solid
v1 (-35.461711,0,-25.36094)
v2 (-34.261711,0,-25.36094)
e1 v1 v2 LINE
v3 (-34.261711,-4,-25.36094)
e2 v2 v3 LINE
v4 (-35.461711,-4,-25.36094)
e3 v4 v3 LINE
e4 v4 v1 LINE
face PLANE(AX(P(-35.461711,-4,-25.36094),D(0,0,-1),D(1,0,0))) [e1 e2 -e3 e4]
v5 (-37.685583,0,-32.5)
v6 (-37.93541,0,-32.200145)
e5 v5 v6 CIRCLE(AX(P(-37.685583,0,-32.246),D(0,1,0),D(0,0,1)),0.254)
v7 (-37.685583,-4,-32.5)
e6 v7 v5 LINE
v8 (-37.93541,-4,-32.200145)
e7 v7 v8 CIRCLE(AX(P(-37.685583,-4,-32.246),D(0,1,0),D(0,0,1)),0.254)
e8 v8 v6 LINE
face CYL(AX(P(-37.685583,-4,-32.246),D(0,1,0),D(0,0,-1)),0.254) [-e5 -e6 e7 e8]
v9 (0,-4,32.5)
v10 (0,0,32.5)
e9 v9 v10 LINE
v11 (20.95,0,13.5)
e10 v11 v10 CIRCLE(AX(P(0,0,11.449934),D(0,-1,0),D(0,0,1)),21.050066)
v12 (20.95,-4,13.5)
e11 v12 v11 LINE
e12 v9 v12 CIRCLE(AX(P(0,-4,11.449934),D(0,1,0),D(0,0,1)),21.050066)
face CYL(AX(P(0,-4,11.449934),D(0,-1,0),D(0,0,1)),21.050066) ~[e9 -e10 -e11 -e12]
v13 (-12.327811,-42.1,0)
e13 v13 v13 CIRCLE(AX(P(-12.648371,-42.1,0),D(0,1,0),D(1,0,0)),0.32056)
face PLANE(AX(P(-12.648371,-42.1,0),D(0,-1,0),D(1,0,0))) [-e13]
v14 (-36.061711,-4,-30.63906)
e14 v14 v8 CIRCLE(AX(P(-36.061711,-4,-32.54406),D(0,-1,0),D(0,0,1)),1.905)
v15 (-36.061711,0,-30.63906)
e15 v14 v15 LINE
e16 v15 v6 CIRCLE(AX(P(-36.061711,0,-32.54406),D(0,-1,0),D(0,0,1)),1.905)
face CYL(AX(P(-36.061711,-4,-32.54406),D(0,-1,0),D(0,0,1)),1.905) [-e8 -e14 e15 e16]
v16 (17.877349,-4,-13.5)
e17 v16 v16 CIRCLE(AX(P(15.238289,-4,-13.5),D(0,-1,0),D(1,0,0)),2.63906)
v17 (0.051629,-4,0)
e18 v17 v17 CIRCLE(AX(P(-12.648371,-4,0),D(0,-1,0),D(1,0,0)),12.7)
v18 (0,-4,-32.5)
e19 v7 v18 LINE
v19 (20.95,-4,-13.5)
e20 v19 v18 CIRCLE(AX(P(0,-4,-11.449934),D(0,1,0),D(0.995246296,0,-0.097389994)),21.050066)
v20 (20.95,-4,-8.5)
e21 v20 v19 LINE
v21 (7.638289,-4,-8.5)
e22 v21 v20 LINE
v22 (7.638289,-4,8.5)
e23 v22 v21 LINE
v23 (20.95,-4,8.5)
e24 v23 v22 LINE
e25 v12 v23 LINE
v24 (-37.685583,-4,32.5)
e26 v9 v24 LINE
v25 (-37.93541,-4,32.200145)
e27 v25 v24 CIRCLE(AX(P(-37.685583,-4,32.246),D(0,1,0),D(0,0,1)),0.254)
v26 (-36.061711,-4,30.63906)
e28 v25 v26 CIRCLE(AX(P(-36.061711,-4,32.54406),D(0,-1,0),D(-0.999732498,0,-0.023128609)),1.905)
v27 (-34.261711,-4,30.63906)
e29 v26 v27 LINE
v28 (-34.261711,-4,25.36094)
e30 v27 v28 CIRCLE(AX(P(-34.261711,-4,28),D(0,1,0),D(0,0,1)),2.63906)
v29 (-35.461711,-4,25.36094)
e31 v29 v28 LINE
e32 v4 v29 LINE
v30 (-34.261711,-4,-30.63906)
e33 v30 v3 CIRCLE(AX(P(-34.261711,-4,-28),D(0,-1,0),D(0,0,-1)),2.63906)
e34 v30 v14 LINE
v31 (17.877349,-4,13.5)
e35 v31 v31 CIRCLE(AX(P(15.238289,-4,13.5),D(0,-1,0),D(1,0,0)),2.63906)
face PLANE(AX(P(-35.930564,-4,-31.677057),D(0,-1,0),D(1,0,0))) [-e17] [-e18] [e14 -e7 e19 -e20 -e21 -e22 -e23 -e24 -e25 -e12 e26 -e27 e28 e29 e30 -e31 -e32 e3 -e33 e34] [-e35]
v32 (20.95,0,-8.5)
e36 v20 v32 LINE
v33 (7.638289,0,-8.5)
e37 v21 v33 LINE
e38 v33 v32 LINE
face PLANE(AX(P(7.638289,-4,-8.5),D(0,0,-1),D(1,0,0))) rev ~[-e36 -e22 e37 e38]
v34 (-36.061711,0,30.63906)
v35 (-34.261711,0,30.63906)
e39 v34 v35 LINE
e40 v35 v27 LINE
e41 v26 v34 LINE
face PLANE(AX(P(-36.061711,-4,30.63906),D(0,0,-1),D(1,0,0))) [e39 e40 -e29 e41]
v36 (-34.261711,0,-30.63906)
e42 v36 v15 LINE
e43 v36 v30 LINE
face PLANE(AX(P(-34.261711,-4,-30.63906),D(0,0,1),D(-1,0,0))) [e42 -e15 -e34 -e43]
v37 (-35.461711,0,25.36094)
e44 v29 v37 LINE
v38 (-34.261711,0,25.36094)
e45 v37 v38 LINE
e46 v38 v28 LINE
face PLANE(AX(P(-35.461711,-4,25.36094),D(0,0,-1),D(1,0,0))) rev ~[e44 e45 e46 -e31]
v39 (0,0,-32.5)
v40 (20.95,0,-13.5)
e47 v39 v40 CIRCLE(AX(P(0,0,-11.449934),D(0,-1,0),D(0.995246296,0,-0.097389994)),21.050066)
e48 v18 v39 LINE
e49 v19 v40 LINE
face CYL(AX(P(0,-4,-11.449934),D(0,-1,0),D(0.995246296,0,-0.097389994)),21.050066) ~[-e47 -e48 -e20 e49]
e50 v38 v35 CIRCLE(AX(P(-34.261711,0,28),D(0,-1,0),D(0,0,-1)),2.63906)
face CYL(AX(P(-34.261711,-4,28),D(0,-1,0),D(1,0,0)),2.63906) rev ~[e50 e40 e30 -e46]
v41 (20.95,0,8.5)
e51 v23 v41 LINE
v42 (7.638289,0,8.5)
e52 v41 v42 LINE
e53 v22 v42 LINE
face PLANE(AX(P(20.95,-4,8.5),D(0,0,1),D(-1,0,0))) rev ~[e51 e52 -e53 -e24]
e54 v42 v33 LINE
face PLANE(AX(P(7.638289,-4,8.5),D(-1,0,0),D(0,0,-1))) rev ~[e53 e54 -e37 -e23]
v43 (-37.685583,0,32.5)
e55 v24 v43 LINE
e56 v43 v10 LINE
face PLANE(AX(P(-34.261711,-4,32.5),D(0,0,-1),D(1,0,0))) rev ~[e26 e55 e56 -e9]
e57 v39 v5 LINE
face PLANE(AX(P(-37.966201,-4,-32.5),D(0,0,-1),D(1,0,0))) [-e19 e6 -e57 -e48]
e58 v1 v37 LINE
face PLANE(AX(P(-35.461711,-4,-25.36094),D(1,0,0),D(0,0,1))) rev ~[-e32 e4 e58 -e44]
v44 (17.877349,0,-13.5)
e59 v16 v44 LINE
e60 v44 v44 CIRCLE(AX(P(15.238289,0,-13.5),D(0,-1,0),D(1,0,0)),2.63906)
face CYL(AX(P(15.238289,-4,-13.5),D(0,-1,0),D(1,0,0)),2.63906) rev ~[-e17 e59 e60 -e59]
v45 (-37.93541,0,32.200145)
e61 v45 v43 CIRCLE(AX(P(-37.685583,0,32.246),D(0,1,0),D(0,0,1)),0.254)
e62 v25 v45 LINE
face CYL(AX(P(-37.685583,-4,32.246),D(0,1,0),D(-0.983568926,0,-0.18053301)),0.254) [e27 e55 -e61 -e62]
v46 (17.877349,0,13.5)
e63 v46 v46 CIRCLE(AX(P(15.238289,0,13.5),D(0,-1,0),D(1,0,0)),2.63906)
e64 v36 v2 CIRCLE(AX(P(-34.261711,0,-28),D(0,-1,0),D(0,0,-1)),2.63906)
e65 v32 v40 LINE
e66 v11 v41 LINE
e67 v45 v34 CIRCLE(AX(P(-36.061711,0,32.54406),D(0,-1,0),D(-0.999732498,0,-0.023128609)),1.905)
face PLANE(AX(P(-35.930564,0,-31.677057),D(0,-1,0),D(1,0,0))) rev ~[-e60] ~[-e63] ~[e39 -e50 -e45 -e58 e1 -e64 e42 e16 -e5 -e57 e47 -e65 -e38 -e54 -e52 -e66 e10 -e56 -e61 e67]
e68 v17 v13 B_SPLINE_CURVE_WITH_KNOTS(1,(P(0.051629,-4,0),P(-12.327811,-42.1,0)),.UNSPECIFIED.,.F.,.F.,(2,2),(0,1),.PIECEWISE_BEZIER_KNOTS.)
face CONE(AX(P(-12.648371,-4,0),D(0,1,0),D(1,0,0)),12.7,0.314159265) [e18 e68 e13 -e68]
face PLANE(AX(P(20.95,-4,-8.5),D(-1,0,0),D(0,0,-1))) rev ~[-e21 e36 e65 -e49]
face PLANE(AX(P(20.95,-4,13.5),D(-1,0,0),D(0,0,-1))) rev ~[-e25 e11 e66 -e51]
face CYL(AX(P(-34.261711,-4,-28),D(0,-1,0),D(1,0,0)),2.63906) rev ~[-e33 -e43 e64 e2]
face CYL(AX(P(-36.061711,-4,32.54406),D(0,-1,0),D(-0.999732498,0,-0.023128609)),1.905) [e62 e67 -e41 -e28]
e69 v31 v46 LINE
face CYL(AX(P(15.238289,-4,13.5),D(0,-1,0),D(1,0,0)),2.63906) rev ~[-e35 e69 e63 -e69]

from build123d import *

# Parameters (mm, degrees)
F0_W     = 68.5234218836
F0_H     = 74.8608410358
F1_DEPTH = 4
F2_R     = 2.63906
F3_DEPTH = 4.001
F4_W     = 1.2
F4_H     = 50.72188
F5_DEPTH = 4
F6_R     = 0.254
F7_R     = 12.7
F8_DEPTH = 38.1
F8_TAPER = 18


with BuildPart() as f1:
    # F0 (on Front) → F1 (new body)
    with BuildSketch(Plane.XZ):
        Rectangle(F0_W, F0_H)
    extrude(amount=F1_DEPTH)

    # F2 (on face) → F3 (cut, through all)
    with BuildSketch(Plane.XZ.offset(4)):
        with Locations((-34.2617109418, 28)):
            Circle(F2_R)
        with Locations((15.2382890582, 13.5)):
            Circle(F2_R)
        with Locations((-34.2617109418, -28)):
            Circle(F2_R)
        with Locations((15.2382890582, -13.5)):
            Circle(F2_R)
        with BuildLine():
            Line((20.95, 8.5), (7.6382890582, 8.5))
            Line((7.6382890582, 8.5), (7.6382890582, 0))
            Line((7.6382890582, 0), (34.2617109418, 0))
            Line((34.2617109418, 0), (34.2617109418, 8.5))
            Line((34.2617109418, 8.5), (34.2617109418, 37.4304205179))
            Line((34.2617109418, 37.4304205179), (-34.2617109418, 37.4304205179))
            Line((-34.2617109418, 37.4304205179), (-34.2617109418, 32.5))
            Line((-34.2617109418, 32.5), (0, 32.5))
            ThreePointArc((0, 32.5), (14.1412738111, 27.0425492812), (20.95, 13.5))
            Line((20.95, 13.5), (20.95, 8.5))
        make_face()
        with BuildLine():
            Line((34.2617109418, 0), (7.6382890582, 0))
            Line((7.6382890582, 0), (7.6382890582, -8.5))
            Line((7.6382890582, -8.5), (20.95, -8.5))
            Line((20.95, -8.5), (20.95, -13.5))
            ThreePointArc((20.95, -13.5), (14.1412738111, -27.0425492812), (0, -32.5))
            Line((0, -32.5), (-34.2617109418, -32.5))
            Line((-34.2617109418, -32.5), (-34.2617109418, -37.4304205179))
            Line((-34.2617109418, -37.4304205179), (34.2617109418, -37.4304205179))
            Line((34.2617109418, -37.4304205179), (34.2617109418, -8.5))
            Line((34.2617109418, -8.5), (34.2617109418, 0))
        make_face()
    extrude(amount=-F3_DEPTH, mode=Mode.SUBTRACT)

    # F4 (on face) → F5 (join, through all)
    with BuildSketch(Plane.XZ.offset(4)):
        with BuildLine():
            Line((-34.2617109418, -32.5), (-34.2617109418, -30.63906))
            Line((-34.2617109418, -30.63906), (-36.0617109418, -30.63906))
            ThreePointArc((-36.0617109418, -30.63906), (-37.3930806688, -31.1815330645), (-37.9662013504, -32.5))
            Line((-37.9662013504, -32.5), (-34.2617109418, -32.5))
        make_face()
        with Locations((-34.8617109418, 0)):
            Rectangle(F4_W, F4_H)
        with BuildLine():
            Line((-36.0617109418, 30.63906), (-34.2617109418, 30.63906))
            Line((-34.2617109418, 30.63906), (-34.2617109418, 32.5))
            Line((-34.2617109418, 32.5), (-37.9662013504, 32.5))
            ThreePointArc((-37.9662013504, 32.5), (-37.3930806688, 31.1815330645), (-36.0617109418, 30.63906))
        make_face()
    extrude(amount=-F5_DEPTH)

    # F6
    f6_edges = [f1.edges().sort_by_distance(p)[0] for p in [
        (-37.966201, -2, -32.5),
        (-37.966201, -2, 32.5),
    ]]
    fillet(f6_edges, radius=F6_R)

    # F7 (on face) → F8 (join)
    with BuildSketch(Plane.XZ.offset(4)):
        with Locations((-12.6483709418, 0)):
            Circle(F7_R)
    extrude(amount=F8_DEPTH, taper=F8_TAPER)


solid = f1.part
